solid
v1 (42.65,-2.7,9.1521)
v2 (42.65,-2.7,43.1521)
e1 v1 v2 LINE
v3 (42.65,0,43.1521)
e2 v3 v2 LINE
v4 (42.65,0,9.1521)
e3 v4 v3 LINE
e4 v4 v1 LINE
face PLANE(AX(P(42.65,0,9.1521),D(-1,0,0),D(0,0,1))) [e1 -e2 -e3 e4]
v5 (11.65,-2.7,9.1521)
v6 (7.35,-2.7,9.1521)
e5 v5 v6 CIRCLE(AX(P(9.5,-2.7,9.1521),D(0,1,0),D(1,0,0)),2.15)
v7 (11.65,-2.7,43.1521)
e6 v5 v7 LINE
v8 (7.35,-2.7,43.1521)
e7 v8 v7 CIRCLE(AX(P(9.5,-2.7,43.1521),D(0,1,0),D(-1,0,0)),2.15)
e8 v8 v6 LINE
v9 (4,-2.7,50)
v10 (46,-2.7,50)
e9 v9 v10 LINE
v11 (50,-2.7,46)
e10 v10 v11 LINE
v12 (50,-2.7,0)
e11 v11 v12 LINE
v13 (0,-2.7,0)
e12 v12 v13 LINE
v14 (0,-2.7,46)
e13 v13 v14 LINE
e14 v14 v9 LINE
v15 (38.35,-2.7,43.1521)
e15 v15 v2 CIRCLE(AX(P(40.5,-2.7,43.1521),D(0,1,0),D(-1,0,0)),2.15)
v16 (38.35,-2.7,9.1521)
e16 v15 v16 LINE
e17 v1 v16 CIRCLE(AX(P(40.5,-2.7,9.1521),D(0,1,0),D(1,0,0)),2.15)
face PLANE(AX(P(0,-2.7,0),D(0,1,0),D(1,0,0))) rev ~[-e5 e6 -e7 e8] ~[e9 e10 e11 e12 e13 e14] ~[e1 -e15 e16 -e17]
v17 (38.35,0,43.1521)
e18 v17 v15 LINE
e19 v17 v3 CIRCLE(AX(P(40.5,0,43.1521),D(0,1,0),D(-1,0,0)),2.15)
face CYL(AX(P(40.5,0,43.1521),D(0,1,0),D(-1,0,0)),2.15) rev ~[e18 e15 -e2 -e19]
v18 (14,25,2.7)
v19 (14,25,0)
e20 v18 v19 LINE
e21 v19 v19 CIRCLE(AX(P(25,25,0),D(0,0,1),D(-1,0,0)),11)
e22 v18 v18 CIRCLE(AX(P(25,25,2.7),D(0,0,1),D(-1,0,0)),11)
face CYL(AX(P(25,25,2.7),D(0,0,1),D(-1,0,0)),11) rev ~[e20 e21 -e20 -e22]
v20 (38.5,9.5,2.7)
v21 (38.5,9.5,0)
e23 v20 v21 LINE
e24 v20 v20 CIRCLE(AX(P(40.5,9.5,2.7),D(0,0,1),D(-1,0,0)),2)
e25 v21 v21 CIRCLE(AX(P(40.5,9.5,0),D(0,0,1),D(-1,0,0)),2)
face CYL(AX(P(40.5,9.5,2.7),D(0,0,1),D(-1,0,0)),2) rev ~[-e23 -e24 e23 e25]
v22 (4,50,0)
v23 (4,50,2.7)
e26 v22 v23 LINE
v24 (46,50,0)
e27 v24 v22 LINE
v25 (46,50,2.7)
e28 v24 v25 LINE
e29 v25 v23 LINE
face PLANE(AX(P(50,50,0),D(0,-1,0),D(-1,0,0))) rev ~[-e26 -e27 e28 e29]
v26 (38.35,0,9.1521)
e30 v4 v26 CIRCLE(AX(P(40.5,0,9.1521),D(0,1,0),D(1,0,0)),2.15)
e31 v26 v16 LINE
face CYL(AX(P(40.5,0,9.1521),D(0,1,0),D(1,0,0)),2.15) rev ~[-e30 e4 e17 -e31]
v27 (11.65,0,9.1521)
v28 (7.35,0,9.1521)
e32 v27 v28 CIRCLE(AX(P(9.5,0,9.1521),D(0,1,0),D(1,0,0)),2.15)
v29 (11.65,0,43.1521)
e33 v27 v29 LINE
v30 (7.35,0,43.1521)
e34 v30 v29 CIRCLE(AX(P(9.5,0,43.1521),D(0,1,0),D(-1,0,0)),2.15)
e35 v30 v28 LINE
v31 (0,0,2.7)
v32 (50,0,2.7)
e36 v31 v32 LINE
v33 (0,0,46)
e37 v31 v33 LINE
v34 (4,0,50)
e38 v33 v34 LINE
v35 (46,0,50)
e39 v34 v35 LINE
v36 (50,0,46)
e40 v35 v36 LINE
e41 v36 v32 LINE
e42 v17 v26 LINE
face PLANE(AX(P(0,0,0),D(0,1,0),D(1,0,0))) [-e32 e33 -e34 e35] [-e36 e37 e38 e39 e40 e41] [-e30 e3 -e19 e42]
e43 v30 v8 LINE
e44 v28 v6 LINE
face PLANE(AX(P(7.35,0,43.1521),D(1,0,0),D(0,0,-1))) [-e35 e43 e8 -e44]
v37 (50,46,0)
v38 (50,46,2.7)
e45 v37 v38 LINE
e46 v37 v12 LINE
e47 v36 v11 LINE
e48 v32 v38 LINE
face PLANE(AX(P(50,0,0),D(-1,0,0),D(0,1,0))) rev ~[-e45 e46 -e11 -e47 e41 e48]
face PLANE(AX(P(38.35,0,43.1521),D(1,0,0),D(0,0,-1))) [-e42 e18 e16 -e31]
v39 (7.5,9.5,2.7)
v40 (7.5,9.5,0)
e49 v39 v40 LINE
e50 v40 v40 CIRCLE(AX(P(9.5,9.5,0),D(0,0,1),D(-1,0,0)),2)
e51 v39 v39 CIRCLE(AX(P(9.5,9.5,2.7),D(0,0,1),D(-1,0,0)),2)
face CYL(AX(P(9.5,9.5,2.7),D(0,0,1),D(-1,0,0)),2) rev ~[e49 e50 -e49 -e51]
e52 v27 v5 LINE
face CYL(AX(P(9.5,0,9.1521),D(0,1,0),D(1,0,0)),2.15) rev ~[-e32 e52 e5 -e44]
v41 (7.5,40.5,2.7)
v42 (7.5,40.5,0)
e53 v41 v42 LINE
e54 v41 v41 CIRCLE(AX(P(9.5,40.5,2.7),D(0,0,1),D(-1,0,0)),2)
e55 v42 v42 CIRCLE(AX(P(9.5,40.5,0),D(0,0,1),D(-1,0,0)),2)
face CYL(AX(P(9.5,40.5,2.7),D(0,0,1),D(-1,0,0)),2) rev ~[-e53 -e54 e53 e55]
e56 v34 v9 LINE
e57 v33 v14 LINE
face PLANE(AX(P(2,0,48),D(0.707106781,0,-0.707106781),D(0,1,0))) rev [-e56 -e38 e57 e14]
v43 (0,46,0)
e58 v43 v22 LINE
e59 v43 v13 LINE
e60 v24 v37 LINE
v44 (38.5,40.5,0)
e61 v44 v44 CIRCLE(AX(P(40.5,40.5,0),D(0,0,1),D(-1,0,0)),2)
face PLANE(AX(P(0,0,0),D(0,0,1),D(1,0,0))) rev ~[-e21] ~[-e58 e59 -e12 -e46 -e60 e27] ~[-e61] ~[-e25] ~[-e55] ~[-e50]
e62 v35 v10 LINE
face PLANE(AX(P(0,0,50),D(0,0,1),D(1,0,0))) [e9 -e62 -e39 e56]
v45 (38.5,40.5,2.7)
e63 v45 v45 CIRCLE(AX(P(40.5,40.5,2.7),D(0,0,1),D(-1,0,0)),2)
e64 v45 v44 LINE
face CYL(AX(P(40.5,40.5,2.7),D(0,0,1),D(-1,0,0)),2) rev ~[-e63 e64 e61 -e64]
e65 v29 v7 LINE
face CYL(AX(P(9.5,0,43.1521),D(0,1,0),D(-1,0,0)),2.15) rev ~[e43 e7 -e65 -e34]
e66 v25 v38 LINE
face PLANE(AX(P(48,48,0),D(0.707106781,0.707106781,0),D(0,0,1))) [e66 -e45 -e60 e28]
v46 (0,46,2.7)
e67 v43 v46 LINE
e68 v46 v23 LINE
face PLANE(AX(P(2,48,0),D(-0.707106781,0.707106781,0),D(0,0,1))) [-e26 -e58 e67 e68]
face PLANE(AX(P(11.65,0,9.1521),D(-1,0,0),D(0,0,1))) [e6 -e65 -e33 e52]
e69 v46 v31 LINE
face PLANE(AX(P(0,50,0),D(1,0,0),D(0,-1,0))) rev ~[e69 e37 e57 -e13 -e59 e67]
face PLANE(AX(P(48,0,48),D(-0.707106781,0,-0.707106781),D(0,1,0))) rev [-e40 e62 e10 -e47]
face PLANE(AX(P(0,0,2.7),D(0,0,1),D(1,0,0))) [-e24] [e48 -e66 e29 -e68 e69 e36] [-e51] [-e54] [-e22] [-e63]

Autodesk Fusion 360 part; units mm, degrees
sketch "Esquisse1" plane through (0, 0, 0) normal (0, 0, 1) x (1, 0, 0)
  line L0 (0, 0) -> (50, 0)
  line L1 (50, 0) -> (50, 50)
  line L2 (50, 50) -> (0, 50)
  line L3 (0, 50) -> (0, 0)
  dimension "d1" = 50
  dimension "d2" = 50
extrude "Extrusion1" add sketch "Esquisse1" along normal blind 2.7
sketch "Esquisse2" plane through (0, 0, 0) normal (0, 1, 0) x (1, 0, 0)
  line L0 (0, -50) -> (50, -50)
  line L1 (50, -50) -> (50, 0)
  line L2 (50, 0) -> (0, 0)
  line L3 (0, 0) -> (0, -50)
extrude "Extrusion2" add sketch "Esquisse2" against normal blind 2.7
sketch "Esquisse3" plane through (0, 0, 2.7) normal (0, 0, 1) x (-1, 0, 0)
  line L0 (0, -50) -> (0, 0)
  line L1 (0, 0) -> (-50, 0)
  line L2 (-50, 0) -> (-50, -50)
  line L3 (-50, -50) -> (0, -50)
  circle A0 centre (-25, -25) radius 11
  dimension "d7" = 22
extrude "Extrusion3" cut sketch "Esquisse3" against normal blind 10 contours A0
sketch "Esquisse4" plane through (0, 0, 2.7) normal (0, 0, 1) x (-1, 0, 0)
  circle A0 centre (-25, -25) radius 11
  line L0 (0, -50) -> (0, 0)
  line L1 (0, 0) -> (-50, 0)
  line L2 (-50, 0) -> (-50, -50)
  line L3 (-50, -50) -> (0, -50)
  circle A1 centre (-9.5, -40.5) radius 2
  dimension "d10" = 4
  dimension "d11" = 15.5
  dimension "d12" = 15.5
extrude "Extrusion4" cut sketch "Esquisse4" against normal blind 10 contours A1
pattern_linear "Réseau R1" count 2 spacing 31 along (1, 0, 0) count 2 spacing 31 along (0, -1, 0) of "Extrusion4"
sketch "Esquisse5" plane through (0, 0, 0) normal (0, 1, 0) x (-1, 0, 0)
  line L0 (-50, 2.7) -> (0, 2.7)
  line L1 (0, 2.7) -> (0, 50)
  line L2 (0, 50) -> (-50, 50)
  line L3 (-50, 50) -> (-50, 2.7)
  line L4 (-42.65, 9.1521) -> (-42.65, 43.1521)
  arc A0 (-38.35, 43.1521) -> (-42.65, 43.1521) centre (-40.5, 43.1521) ccw
  line L5 (-38.35, 43.1521) -> (-38.35, 9.1521)
  arc A1 (-42.65, 9.1521) -> (-38.35, 9.1521) centre (-40.5, 9.1521) ccw
  dimension "d19" = 4.3
  dimension "d20" = 34
  dimension "d22" = 9.5
extrude "Extrusion5" cut sketch "Esquisse5" against normal blind 6 contours L4 A0 L5 A1
pattern_linear "Réseau R2" count 2 spacing 31 along (-1, 0, 0) of "Extrusion5"
chamfer "Chanfrein1" distance 4 angle 45 4 edges at (50, -1.35, 50) (0, -1.35, 50) (50, 50, 1.35) (0, 50, 1.35)
equation "d11 = ( 31 / 2 ) * 1 mm"
equation "d12 = ( 31 / 2 ) * 1 mm"
